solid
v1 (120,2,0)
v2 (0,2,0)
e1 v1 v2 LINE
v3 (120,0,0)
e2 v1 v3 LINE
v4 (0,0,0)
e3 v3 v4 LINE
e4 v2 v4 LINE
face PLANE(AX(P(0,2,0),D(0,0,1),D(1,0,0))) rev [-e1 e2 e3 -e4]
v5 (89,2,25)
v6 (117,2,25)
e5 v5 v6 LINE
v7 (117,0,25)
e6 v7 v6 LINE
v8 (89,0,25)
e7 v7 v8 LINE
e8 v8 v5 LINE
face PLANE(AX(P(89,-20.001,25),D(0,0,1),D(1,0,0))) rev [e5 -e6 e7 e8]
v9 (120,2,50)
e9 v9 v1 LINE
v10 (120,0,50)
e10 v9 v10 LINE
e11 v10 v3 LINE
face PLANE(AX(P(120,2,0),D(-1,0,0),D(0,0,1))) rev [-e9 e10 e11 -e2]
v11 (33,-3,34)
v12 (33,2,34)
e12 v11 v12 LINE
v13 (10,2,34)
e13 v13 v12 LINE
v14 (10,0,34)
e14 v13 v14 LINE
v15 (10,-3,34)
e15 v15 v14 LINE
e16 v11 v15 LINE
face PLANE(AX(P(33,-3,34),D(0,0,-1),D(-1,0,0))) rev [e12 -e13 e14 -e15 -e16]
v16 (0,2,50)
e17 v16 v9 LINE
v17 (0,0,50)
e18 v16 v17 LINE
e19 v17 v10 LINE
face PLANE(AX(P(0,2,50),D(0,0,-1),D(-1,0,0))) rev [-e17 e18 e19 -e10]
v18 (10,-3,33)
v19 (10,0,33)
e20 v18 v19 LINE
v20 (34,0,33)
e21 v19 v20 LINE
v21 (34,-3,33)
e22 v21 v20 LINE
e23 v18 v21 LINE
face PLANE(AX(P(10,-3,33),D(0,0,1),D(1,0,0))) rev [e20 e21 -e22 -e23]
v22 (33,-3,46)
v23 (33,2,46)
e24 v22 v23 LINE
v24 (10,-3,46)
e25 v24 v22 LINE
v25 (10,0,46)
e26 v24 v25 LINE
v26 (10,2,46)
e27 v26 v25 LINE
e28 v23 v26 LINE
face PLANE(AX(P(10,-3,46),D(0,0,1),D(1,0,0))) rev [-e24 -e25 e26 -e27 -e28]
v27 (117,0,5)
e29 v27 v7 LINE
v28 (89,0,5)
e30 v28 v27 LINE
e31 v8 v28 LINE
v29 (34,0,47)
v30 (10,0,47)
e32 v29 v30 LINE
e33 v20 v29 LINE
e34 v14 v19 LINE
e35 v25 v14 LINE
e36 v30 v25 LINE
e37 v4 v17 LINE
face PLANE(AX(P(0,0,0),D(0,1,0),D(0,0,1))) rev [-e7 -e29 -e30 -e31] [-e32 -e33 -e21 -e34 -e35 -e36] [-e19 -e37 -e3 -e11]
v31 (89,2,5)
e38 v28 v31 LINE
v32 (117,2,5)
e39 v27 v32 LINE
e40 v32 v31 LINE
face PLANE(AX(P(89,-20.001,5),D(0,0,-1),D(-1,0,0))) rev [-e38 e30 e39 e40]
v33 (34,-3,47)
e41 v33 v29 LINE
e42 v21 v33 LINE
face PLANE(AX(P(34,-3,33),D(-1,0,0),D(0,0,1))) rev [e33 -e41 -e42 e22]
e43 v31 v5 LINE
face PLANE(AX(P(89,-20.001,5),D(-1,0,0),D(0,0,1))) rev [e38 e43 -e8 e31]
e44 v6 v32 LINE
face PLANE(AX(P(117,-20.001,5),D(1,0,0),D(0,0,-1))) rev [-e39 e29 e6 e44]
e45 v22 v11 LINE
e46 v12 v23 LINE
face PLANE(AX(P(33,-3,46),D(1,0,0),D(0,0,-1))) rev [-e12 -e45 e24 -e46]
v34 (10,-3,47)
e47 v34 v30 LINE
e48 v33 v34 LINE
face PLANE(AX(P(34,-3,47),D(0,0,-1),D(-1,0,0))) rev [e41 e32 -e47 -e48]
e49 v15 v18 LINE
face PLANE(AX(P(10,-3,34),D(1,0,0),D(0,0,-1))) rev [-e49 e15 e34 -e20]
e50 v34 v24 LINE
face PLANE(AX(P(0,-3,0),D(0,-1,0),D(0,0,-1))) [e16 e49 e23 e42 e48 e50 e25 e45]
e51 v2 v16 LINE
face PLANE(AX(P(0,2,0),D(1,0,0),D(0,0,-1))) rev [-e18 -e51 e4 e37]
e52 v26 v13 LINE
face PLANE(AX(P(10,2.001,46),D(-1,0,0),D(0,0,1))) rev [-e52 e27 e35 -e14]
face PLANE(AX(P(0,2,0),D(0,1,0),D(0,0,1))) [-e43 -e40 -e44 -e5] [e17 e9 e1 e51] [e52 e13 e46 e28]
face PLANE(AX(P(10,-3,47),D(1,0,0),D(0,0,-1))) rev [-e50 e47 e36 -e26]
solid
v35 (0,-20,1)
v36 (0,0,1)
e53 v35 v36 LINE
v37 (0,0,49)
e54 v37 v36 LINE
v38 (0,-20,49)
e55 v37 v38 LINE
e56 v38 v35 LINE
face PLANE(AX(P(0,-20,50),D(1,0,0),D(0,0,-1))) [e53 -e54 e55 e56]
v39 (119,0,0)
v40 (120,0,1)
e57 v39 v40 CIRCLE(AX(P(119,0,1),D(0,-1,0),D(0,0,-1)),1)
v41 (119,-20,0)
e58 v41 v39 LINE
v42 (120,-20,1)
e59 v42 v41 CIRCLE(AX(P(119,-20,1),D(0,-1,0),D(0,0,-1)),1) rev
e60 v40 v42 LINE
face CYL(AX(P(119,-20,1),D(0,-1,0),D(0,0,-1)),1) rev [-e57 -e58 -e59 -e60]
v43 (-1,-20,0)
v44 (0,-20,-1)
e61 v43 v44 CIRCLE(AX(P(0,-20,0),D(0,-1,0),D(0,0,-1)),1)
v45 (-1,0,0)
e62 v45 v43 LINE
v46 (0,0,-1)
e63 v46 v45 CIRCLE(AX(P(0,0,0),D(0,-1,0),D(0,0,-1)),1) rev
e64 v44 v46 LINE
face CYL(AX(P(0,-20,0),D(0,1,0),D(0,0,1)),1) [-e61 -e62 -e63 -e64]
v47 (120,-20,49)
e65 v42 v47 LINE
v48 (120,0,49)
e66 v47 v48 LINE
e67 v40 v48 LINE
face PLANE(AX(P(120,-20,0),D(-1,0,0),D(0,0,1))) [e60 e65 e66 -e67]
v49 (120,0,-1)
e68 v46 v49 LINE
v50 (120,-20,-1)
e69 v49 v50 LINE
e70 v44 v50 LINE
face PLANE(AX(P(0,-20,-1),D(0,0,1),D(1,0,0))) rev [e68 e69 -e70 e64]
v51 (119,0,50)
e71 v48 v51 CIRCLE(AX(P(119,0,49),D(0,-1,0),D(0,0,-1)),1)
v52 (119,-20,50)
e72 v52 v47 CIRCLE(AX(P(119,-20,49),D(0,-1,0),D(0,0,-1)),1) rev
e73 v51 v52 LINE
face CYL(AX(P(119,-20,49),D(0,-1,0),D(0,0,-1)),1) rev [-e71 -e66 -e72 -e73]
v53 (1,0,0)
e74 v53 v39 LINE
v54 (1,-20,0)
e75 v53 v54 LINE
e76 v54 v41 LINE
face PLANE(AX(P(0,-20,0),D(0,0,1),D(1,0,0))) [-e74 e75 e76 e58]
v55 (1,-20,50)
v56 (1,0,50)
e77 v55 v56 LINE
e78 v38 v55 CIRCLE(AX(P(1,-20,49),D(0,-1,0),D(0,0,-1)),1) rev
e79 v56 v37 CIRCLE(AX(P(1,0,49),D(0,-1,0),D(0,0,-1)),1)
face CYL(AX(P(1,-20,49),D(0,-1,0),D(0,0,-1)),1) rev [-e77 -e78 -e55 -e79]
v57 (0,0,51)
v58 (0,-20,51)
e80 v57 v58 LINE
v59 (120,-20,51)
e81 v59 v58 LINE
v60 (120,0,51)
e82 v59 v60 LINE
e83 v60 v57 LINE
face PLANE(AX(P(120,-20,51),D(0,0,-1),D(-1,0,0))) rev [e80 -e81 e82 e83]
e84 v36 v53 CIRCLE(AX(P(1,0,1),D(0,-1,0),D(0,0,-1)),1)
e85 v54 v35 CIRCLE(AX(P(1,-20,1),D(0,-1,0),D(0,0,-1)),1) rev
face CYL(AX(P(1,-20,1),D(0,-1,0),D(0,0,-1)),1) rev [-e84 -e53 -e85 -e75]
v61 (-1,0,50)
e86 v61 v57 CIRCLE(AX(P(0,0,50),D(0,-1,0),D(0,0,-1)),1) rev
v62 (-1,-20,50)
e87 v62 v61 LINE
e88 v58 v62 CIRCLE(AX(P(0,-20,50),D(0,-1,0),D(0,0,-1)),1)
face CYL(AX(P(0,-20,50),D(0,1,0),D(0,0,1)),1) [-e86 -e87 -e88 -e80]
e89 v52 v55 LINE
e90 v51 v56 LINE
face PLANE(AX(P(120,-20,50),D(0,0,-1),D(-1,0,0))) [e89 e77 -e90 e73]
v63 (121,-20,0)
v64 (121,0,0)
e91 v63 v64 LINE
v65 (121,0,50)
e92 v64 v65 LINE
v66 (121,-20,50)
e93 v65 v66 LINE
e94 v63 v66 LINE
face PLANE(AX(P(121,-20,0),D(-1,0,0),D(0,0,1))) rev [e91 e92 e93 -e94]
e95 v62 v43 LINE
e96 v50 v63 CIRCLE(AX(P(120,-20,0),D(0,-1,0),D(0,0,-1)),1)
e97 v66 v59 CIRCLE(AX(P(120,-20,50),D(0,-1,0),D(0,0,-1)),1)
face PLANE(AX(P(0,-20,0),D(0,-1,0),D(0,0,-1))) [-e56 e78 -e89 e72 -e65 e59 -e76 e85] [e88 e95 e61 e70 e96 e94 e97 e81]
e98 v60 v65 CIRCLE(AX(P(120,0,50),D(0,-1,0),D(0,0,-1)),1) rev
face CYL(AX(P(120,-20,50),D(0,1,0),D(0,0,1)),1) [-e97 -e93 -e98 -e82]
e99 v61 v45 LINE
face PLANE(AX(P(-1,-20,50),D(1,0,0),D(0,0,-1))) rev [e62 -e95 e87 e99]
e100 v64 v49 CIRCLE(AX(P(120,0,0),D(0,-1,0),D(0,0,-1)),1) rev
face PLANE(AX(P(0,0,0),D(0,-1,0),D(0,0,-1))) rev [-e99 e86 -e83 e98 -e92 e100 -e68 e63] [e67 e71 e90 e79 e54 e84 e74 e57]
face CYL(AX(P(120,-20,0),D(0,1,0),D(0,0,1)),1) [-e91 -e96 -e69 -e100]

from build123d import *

# Parameters (mm, degrees)
SKETCH_1_W          = 120
SKETCH_1_H          = 50
EXTRUDE_1_DEPTH     = 2
SKETCH_2_W          = 122
SKETCH_2_H          = 52
SKETCH_2_W_2        = 120
SKETCH_2_H_2        = 50
EXTRUDE_2_DEPTH     = 20
SKETCH_3_W          = 28
SKETCH_3_H          = 20
CUT_EXTRUDE_1_DEPTH = 2
FILLET_2_R          = 1
EXTRUDE_2_2_DEPTH   = 3
SKETCH_6_W          = 23
SKETCH_6_H          = 12
CUT_EXTRUDE_2_DEPTH = 2


with BuildPart() as part:
    # 草图1 → 凸台-拉伸1 (new body)
    with BuildSketch(Plane(origin=(0, 0, 0), x_dir=(1, 0, 0), z_dir=(0, 1, 0))):
        with Locations((60, -25)):
            Rectangle(SKETCH_1_W, SKETCH_1_H)
    extrude(amount=EXTRUDE_1_DEPTH)

    # 草图3 → 切除-拉伸1 (cut)
    with BuildSketch(Plane(origin=(0, 2, 0), x_dir=(1, 0, 0), z_dir=(0, 1, 0))):
        with Locations((103, -15)):
            Rectangle(SKETCH_3_W, SKETCH_3_H)
    extrude(amount=-CUT_EXTRUDE_1_DEPTH, mode=Mode.SUBTRACT)

    # 草图5 → Extrude 2 2 (add)
    with BuildSketch(Plane.XZ):
        Polygon((10, 33), (34, 33), (34, 47), (10, 47), (10, 46), (33, 46), (33, 34), (10, 34), align=None)
    extrude(amount=EXTRUDE_2_2_DEPTH)

    # 草图6 → 切除-拉伸2 (cut)
    with BuildSketch(Plane.XZ):
        with Locations((21.5, 40)):
            Rectangle(SKETCH_6_W, SKETCH_6_H)
    extrude(amount=-CUT_EXTRUDE_2_DEPTH, mode=Mode.SUBTRACT)


with BuildPart() as body_2:
    # 草图2 → Extrude 2 (new body)
    with BuildSketch(Plane.XZ):
        with Locations((60, 25)):
            Rectangle(SKETCH_2_W, SKETCH_2_H)
        with Locations((60, 25)):
            Rectangle(SKETCH_2_W_2, SKETCH_2_H_2, mode=Mode.SUBTRACT)
    extrude(amount=EXTRUDE_2_DEPTH)

    # 圆角2
    fillet_2_edges = [body_2.edges().sort_by_distance(p)[0] for p in [
        (120, -10, 0),
        (120, -10, 50),
        (0, -10, 50),
        (0, -10, 0),
        (121, -10, -1),
        (-1, -10, -1),
        (-1, -10, 51),
        (121, -10, 51),
    ]]
    fillet(fillet_2_edges, radius=FILLET_2_R)


solid = Compound([part.part, body_2.part])
